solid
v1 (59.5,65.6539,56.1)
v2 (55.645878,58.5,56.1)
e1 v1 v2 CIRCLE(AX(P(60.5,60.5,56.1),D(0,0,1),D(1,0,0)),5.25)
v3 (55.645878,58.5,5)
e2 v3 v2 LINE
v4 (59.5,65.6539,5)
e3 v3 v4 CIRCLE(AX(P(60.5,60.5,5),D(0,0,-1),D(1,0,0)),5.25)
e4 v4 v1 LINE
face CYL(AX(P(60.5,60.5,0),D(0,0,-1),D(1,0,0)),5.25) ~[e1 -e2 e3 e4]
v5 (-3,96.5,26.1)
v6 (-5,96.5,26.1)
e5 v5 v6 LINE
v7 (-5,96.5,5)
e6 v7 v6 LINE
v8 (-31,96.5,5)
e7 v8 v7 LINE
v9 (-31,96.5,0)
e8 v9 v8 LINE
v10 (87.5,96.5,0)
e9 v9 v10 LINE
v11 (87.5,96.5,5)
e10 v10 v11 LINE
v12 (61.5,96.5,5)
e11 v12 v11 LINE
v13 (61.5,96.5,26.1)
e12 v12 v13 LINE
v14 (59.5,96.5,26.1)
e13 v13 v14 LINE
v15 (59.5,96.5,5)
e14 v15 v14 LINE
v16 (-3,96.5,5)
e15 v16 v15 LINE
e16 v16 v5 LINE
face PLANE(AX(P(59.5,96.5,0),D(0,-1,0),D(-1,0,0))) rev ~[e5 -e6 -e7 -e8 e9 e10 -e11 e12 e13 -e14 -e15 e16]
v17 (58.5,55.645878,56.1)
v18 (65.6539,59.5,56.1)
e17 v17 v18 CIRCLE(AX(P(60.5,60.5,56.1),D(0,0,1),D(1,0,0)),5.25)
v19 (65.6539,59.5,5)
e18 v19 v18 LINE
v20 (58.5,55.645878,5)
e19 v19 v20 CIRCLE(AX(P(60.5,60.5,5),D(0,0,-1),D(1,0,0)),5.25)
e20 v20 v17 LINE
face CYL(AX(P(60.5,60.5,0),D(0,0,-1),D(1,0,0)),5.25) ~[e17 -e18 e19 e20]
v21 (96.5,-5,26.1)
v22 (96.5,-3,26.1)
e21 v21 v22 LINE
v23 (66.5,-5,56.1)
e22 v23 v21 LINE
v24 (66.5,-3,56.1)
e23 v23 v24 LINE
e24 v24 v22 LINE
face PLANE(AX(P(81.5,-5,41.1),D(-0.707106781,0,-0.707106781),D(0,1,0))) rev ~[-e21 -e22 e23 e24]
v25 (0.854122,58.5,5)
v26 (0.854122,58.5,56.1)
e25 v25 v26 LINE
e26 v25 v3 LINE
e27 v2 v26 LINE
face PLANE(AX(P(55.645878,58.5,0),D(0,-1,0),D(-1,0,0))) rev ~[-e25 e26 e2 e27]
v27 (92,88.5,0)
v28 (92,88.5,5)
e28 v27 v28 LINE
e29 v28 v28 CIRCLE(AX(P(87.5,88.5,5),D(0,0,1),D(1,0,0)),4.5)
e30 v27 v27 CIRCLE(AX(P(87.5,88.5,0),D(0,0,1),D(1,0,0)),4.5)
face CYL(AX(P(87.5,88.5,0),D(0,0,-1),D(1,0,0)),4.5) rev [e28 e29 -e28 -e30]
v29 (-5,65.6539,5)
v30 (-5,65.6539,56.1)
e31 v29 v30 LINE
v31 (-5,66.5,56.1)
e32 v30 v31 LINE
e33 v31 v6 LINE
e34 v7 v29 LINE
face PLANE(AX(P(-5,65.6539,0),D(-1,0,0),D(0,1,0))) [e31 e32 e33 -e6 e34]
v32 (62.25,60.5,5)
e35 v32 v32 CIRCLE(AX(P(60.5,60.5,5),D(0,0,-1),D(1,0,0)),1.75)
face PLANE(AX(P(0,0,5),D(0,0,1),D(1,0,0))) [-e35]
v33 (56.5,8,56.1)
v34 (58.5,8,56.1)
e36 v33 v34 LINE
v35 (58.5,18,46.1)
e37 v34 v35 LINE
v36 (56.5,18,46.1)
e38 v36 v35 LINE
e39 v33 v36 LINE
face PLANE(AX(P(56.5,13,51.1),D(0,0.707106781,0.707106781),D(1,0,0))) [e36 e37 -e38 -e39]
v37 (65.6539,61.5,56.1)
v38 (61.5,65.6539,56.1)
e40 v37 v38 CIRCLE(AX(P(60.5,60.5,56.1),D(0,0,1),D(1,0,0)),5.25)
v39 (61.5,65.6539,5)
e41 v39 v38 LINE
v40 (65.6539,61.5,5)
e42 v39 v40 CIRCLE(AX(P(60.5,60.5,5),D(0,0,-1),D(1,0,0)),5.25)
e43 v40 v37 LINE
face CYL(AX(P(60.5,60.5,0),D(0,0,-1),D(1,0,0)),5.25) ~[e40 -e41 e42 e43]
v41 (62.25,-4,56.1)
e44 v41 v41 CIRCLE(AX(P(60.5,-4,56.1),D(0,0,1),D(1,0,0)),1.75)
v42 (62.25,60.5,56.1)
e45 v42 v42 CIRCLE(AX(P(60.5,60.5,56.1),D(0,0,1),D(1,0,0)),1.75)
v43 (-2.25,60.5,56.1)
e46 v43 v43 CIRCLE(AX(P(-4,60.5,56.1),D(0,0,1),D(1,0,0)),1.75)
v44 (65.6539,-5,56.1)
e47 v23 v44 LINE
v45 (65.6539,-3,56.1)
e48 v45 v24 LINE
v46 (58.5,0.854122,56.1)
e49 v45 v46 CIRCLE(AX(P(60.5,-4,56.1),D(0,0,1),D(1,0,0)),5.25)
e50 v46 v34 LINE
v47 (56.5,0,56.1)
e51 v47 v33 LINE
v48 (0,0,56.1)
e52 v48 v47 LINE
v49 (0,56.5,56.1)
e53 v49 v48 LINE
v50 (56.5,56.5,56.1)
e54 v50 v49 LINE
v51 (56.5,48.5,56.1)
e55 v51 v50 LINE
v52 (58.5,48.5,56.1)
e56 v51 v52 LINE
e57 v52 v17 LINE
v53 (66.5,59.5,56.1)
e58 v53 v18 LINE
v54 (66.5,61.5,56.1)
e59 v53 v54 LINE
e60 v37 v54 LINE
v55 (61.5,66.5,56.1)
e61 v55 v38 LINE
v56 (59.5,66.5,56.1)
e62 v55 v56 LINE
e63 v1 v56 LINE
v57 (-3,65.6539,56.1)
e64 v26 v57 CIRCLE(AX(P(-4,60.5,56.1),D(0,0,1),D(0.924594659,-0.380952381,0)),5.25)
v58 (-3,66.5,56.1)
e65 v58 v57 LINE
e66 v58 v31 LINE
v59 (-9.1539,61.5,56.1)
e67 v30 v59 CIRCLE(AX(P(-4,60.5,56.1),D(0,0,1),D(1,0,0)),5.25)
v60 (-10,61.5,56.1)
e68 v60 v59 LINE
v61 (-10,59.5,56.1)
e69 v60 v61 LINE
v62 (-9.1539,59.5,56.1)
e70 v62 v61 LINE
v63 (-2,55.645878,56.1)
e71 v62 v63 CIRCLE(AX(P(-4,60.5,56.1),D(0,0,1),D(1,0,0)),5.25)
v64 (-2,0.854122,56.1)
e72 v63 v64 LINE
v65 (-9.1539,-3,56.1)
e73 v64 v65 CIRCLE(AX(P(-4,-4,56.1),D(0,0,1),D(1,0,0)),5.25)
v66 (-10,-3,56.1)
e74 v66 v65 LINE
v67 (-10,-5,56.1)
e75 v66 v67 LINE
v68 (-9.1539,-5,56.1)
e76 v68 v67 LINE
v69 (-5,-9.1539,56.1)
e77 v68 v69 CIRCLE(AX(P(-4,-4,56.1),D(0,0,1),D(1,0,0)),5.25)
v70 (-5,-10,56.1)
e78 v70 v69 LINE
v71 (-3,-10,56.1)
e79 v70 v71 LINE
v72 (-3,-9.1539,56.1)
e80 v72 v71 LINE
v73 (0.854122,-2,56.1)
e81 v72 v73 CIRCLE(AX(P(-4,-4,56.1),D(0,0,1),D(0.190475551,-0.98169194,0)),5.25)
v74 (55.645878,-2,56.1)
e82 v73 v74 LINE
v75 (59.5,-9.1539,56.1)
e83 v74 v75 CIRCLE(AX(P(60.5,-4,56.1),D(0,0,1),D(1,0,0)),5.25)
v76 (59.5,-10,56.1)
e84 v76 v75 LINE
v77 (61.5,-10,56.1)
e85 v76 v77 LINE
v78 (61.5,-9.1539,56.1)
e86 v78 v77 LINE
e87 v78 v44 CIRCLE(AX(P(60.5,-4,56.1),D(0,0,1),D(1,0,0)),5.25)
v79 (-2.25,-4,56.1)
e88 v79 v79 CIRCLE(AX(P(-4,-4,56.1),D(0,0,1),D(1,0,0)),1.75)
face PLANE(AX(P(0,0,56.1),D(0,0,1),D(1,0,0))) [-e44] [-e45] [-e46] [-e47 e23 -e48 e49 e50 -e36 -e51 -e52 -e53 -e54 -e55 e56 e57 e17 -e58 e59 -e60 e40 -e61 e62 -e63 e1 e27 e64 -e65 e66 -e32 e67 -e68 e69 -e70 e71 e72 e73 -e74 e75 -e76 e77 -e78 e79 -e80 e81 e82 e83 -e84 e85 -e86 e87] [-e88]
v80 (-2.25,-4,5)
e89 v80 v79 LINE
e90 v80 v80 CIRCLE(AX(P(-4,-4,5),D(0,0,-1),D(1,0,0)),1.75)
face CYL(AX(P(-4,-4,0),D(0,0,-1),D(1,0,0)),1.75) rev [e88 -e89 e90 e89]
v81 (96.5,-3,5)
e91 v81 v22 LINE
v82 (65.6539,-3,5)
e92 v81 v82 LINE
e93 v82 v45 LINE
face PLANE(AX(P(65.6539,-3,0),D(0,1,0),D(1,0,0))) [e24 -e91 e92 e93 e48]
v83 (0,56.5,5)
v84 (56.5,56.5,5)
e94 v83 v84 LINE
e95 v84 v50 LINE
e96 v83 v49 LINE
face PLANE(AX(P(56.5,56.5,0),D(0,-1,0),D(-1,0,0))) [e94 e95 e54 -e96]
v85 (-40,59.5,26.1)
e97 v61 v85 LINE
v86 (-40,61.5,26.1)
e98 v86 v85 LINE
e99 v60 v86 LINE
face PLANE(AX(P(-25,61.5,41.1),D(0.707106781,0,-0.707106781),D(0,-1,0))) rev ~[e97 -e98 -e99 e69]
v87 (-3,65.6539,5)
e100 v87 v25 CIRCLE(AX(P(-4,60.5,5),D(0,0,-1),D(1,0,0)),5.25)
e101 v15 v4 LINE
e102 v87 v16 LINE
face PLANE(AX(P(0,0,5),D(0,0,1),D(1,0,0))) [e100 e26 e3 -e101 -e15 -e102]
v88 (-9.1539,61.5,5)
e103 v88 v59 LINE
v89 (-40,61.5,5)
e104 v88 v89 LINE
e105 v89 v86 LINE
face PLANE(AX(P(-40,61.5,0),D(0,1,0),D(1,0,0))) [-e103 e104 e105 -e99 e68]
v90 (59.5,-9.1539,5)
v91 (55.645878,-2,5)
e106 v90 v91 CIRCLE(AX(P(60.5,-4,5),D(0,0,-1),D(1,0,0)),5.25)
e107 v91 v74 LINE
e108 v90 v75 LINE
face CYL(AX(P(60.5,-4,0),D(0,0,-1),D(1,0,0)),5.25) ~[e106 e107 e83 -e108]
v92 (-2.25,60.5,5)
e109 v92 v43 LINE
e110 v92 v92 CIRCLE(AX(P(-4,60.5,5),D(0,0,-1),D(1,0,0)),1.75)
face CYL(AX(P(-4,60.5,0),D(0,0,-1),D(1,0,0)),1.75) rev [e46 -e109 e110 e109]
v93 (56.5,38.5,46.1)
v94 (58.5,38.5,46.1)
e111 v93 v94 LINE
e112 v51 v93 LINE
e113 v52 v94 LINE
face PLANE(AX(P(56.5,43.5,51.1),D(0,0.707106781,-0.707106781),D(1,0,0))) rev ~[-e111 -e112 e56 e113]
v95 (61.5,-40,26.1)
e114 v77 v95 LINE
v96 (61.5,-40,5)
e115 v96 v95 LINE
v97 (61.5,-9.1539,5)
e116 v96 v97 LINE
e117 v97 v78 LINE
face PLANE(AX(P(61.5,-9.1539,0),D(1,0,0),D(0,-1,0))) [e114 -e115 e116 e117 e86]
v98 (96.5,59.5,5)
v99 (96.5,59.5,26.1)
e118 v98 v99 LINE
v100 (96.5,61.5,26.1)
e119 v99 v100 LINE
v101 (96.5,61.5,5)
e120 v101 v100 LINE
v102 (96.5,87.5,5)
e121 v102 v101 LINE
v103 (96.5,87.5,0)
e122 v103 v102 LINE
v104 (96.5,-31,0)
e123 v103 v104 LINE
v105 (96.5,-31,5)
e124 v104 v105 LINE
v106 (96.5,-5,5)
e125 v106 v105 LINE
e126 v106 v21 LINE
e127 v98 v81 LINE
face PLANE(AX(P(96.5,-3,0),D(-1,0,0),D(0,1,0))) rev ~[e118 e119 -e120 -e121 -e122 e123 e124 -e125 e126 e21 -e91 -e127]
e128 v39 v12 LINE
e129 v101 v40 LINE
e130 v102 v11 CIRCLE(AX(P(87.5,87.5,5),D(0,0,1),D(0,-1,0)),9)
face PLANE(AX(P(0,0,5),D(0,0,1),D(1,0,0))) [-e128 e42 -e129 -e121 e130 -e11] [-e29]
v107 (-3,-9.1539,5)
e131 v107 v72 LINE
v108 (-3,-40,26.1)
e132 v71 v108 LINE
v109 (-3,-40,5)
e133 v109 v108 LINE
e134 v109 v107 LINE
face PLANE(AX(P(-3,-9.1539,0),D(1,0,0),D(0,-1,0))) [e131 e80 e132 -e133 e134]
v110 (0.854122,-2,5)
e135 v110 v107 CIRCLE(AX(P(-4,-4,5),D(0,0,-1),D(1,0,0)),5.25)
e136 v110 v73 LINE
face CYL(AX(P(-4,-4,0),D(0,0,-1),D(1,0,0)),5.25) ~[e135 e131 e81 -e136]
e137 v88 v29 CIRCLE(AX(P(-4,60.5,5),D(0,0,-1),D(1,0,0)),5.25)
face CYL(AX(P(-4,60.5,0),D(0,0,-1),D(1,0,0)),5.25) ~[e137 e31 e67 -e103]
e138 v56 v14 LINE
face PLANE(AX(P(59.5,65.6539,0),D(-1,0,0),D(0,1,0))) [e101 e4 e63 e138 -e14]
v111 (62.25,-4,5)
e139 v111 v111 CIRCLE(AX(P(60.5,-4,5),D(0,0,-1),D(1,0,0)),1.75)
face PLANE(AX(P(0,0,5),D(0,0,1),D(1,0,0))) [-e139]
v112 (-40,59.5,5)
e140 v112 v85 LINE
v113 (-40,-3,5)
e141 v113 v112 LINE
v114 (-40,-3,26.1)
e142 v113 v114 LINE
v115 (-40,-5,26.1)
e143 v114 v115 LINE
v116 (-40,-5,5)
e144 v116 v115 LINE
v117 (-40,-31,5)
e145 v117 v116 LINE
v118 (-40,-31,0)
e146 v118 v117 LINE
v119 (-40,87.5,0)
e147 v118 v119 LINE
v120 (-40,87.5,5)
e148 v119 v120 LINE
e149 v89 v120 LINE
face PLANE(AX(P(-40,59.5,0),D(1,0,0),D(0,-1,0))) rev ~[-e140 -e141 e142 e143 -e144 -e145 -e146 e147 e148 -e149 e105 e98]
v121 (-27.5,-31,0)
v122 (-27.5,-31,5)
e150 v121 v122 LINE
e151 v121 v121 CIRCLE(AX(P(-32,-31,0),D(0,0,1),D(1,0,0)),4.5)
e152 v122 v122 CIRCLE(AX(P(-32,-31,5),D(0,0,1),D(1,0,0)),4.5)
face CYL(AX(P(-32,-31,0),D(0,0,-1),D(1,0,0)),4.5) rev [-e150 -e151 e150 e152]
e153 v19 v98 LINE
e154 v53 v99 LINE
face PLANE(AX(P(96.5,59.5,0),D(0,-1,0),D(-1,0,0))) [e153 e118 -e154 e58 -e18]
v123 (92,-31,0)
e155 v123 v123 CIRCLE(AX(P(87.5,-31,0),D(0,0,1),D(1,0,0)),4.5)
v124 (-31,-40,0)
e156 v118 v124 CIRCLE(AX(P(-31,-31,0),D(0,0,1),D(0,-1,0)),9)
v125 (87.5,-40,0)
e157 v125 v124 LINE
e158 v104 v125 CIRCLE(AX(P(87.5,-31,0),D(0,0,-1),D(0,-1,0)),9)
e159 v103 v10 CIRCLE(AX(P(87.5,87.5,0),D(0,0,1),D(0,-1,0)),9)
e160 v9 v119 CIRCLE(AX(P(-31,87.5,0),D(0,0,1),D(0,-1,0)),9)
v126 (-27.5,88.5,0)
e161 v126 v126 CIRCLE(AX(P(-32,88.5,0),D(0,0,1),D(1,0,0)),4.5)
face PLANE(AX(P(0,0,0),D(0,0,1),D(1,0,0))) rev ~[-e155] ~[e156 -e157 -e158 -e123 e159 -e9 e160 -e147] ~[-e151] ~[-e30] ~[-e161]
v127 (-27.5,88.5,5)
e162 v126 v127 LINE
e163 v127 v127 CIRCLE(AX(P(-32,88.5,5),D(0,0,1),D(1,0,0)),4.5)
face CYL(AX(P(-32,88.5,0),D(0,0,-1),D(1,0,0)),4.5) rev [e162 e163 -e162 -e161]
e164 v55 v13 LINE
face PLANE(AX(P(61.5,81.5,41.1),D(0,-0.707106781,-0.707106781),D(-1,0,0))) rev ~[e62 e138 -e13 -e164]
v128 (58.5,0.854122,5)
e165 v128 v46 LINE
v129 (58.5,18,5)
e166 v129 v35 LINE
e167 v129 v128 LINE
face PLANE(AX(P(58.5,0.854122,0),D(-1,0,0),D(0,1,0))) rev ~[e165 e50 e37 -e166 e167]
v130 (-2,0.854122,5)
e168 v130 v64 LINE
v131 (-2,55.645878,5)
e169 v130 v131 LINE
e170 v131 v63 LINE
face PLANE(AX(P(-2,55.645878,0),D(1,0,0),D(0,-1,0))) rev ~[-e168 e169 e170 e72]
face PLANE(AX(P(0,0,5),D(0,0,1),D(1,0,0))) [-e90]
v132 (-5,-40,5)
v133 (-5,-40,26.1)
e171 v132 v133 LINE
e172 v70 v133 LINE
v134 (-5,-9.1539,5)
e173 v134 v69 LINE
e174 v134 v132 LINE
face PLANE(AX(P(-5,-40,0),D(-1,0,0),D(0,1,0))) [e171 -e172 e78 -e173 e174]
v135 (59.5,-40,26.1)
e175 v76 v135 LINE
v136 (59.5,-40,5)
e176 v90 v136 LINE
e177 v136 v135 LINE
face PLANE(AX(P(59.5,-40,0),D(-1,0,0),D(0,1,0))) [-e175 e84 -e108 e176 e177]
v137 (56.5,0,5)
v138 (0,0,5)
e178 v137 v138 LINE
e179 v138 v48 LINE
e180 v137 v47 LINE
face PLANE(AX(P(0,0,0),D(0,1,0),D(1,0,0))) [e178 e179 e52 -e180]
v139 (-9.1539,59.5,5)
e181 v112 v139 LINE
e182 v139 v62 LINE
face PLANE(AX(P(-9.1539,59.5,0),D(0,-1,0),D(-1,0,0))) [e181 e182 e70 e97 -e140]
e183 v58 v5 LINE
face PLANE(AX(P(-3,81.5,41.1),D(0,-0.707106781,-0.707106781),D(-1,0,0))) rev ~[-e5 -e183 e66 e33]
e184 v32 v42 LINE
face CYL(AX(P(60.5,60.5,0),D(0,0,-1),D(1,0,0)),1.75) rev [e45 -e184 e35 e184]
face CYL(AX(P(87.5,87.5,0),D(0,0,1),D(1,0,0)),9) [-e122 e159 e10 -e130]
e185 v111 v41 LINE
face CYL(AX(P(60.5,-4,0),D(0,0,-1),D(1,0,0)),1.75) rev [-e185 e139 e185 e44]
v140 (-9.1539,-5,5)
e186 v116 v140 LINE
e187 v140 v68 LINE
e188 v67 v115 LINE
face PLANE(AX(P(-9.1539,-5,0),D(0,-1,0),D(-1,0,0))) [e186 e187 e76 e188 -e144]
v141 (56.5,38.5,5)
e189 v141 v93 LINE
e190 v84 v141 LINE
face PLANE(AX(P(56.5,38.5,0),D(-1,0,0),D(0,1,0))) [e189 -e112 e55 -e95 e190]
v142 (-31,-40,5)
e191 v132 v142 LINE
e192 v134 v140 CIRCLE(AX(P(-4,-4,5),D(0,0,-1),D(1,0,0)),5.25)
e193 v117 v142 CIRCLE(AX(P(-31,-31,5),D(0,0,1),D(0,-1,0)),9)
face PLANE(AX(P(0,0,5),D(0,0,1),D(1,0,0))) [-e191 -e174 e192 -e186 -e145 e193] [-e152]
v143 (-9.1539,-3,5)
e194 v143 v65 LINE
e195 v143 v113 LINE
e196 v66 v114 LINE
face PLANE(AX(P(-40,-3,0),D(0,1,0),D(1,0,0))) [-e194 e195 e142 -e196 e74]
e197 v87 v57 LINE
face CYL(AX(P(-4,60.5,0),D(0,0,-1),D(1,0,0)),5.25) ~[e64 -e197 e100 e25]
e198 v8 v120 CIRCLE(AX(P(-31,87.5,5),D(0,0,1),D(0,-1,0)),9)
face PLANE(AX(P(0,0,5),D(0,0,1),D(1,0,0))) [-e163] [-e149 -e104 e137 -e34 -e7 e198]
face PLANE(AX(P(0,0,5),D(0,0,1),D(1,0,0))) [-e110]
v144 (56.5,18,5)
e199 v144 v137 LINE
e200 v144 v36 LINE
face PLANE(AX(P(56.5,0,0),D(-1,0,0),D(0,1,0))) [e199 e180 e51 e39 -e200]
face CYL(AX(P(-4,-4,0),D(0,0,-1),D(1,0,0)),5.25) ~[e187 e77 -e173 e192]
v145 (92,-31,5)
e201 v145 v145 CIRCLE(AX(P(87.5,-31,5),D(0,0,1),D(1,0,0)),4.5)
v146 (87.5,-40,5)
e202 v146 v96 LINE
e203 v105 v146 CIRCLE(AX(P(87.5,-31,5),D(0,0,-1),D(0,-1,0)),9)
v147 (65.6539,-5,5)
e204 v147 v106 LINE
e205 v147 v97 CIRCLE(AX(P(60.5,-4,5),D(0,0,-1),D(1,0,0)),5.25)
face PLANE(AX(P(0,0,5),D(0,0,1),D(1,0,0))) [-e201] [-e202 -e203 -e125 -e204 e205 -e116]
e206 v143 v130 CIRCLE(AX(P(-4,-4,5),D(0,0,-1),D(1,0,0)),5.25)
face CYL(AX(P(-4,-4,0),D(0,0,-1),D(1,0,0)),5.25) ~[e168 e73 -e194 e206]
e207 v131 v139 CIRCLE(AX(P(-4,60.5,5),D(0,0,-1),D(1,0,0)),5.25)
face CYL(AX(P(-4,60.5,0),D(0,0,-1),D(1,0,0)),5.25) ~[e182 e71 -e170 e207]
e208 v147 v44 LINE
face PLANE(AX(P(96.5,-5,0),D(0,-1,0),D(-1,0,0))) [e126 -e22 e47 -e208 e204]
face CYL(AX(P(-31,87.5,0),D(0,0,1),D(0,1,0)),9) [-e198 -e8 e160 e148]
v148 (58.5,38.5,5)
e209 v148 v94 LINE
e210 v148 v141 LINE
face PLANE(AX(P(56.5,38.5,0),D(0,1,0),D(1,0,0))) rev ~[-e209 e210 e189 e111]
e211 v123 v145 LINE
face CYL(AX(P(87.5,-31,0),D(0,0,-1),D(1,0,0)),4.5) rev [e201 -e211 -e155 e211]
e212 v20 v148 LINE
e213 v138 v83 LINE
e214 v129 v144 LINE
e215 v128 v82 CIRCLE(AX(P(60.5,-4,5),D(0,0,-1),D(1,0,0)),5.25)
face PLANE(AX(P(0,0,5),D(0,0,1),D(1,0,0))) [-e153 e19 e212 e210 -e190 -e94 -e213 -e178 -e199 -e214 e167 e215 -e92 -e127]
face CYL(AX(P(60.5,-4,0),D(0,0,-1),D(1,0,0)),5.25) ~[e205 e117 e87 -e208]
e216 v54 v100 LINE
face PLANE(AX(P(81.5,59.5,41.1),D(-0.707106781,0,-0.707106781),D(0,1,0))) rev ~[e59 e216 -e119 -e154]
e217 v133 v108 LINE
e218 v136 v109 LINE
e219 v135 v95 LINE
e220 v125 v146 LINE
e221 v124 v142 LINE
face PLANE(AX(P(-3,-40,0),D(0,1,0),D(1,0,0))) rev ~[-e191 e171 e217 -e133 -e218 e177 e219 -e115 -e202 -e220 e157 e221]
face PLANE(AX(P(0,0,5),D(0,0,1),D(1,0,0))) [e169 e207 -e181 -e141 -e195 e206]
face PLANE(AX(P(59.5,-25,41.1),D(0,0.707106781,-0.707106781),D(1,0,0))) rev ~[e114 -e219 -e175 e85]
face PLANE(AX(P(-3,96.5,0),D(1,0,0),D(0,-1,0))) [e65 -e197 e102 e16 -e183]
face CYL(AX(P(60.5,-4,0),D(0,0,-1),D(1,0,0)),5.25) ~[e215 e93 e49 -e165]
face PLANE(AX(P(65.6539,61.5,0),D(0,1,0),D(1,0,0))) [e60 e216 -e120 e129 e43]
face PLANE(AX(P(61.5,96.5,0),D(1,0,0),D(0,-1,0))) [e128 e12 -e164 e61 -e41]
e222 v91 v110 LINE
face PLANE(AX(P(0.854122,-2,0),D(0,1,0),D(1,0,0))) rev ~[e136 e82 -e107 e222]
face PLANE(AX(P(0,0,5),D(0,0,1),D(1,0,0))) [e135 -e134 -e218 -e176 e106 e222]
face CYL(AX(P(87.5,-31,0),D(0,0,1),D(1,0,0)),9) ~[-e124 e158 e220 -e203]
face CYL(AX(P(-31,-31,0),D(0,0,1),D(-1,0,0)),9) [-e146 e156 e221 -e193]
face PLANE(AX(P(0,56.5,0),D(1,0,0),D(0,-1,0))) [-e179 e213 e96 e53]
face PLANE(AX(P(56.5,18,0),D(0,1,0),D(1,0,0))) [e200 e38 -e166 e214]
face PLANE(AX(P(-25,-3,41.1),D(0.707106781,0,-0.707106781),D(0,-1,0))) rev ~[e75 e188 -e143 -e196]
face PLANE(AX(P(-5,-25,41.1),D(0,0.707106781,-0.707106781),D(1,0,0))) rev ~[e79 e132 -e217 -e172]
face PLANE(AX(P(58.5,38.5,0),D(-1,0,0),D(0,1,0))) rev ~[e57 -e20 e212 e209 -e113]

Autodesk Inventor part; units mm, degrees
ref_plane "YZ Plane" through (0, 0, 0) normal (1, 0, 0) x (0, 1, 0)
ref_plane "XZ Plane" through (0, 0, 0) normal (0, 1, 0) x (-1, 0, 0)
ref_plane "XY Plane" through (0, 0, 0) normal (0, 0, 1) x (1, 0, 0)
sketch "BasePlate" plane through (0, 0, 0) normal (0, 0, 1) x (1, 0, 0)
  line L0 (56.5, 56.5) -> (0, 56.5)
  line L1 (0, 56.5) -> (0, 0)
  line L2 (0, 0) -> (56.5, 0)
  line L3 (56.5, 0) -> (56.5, 56.5)
  line L4 (96.5, 96.5) -> (-40, 96.5)
  line L5 (-40, 96.5) -> (-40, -40)
  line L6 (-40, -40) -> (96.5, -40)
  line L7 (96.5, -40) -> (96.5, 96.5)
  circle A0 centre (-4, 60.5) radius 1.75
  circle A1 centre (-4, 60.5) radius 5.25
  circle A2 centre (60.5, 60.5) radius 5.25
  circle A3 centre (60.5, 60.5) radius 1.75
  circle A4 centre (-4, -4) radius 5.25
  circle A5 centre (-4, -4) radius 1.75
  circle A6 centre (60.5, -4) radius 5.25
  circle A7 centre (60.5, -4) radius 1.75
  line L8 (58.5, 58.5) -> (-2, 58.5)
  line L9 (-2, 58.5) -> (-2, -2)
  line L10 (-2, -2) -> (58.5, -2)
  line L11 (58.5, -2) -> (58.5, 58.5)
  line L12 (56.5, 38.5) -> (58.5, 38.5)
  line L13 (56.5, 18) -> (58.5, 18)
  circle A8 centre (-32, 88.5) radius 4.5
  circle A9 centre (87.5, 88.5) radius 4.5
  circle A10 centre (-32, -31) radius 4.5
  circle A11 centre (87.5, -31) radius 4.5
  line L14 (-40, 61.5) -> (-9.1539, 61.5)
  line L15 (-9.1539, 61.5) -> (-9.1539, 59.5)
  line L16 (-9.1539, 59.5) -> (-40, 59.5)
  line L17 (-40, 59.5) -> (-40, 61.5)
  line L18 (-3, 96.5) -> (-3, 65.6539)
  line L19 (-5, 65.6539) -> (-5, 96.5)
  line L20 (-5, 96.5) -> (-3, 96.5)
  line L21 (-3, 65.6539) -> (-5, 65.6539)
  line L22 (0, 56.5) -> (56.5, 0)
  line L23 (56.5, 56.5) -> (0, 0)
  line L24 (-9.1539, -3) -> (-9.1539, -5)
  line L25 (-40, -5) -> (-40, -3)
  line L26 (-9.1539, -5) -> (-40, -5)
  line L27 (-40, -3) -> (-9.1539, -3)
  line L28 (-3, -9.1539) -> (-3, -40)
  line L29 (-5, -40) -> (-5, -9.1539)
  line L30 (-3, -40) -> (-5, -40)
  line L31 (-5, -9.1539) -> (-3, -9.1539)
  line L32 (59.5, -9.1539) -> (61.5, -9.1539)
  line L33 (61.5, -40) -> (59.5, -40)
  line L34 (61.5, -9.1539) -> (61.5, -40)
  line L35 (59.5, -40) -> (59.5, -9.1539)
  line L36 (65.6539, -3) -> (96.5, -3)
  line L37 (96.5, -5) -> (65.6539, -5)
  line L38 (96.5, -3) -> (96.5, -5)
  line L39 (65.6539, -5) -> (65.6539, -3)
  line L40 (65.6539, 59.5) -> (65.6539, 61.5)
  line L41 (96.5, 61.5) -> (96.5, 59.5)
  line L42 (65.6539, 61.5) -> (96.5, 61.5)
  line L43 (96.5, 59.5) -> (65.6539, 59.5)
  line L44 (59.5, 65.6539) -> (59.5, 96.5)
  line L45 (61.5, 96.5) -> (61.5, 65.6539)
  line L46 (59.5, 96.5) -> (61.5, 96.5)
  line L47 (61.5, 65.6539) -> (59.5, 65.6539)
  point P0 (28.25, 28.25)
  dimension "d0" = 56.5
  dimension "d102" = 40
  dimension "d104" = 3.5
  dimension "d105" = 3.5
  dimension "d106" = 4
  dimension "d107" = 4
  dimension "d110" = 64.5
  dimension "d113" = 64.5
  dimension "d116" = 2
  dimension "d117" = 20
  dimension "d118" = 20
  dimension "d119" = 9
  dimension "d120" = 8
  dimension "d121" = 8
  dimension "d124" = 119.5
  dimension "d127" = 119.5
  dimension "d130" = 2
  dimension "d133" = 90
  dimension "d137" = 360
extrude "Extrusion8" add sketch "BasePlate" along normal blind 5 contours L23 L22 L0 | L0 L1 L2 L3 L13 L11 A6 L10 A4 L9 A1 L8 A2 L12 | L3 L22 L23 | L22 L23 L1 | L12 L11 L13 L3 | L22 L2 L23 | L11 A2 L43 L7 L36 A6 | L11 L8 A2 L47 L40 | A2 L8 L11 | L11 L10 A6 | A6 L39 L32 L10 L11 | L8 A1 L18 L4 L44 A2 | L40 A2 | A2 L42 L7 L43 | L36 L7 L37 A6 | A6 L39 | A6 L35 L6 L28 A4 L10 | L44 L4 L45 A2 | A2 L47 | L8 L9 A1 L15 L21 | A1 L9 L8 | A2 L45 L4 L7 L42 | L37 L7 L6 L34 A6 | L32 A6 | A6 L34 L6 L35 | L10 L9 A4 | A4 L31 L24 L9 L10 | L9 A4 L27 L5 L16 A1 | L18 A1 L19 L4 | L16 L5 L14 A1 | A1 L15 | L21 A1 | L6 L29 A4 L28 | A4 L31 | L24 A4 | A4 L26 L5 L27 | L19 A1 L14 L5 L4 | L6 L5 L26 A4 L29 | A0 | A3 | A5 | A7
extrude "Extrusion9" add sketch "BasePlate" along normal blind 56.1 contours L0 L1 L2 L3 L13 L11 A6 L10 A4 L9 A1 L8 A2 L12 | L11 L8 A2 L47 L40 | A2 L8 L11 | L11 L10 A6 | A6 L39 L32 L10 L11 | L40 A2 | A2 L42 L7 L43 | L36 L7 L37 A6 | A6 L39 | L44 L4 L45 A2 | A2 L47 | L8 L9 A1 L15 L21 | A1 L9 L8 | L32 A6 | A6 L34 L6 L35 | L10 L9 A4 | A4 L31 L24 L9 L10 | L18 A1 L19 L4 | L16 L5 L14 A1 | A1 L15 | L21 A1 | L6 L29 A4 L28 | A4 L31 | L24 A4 | A4 L26 L5 L27
chamfer "Chamfer3" distance 10 angle 45 2 edges at (57.5, 18, 56.1) (57.5, 38.5, 56.1)
chamfer "Chamfer4" distance 30 angle 45 8 edges at (96.5, -4, 56.1) (60.5, -40, 56.1) (-4, -40, 56.1) (-40, -4, 56.1) (-40, 60.5, 56.1) (-4, 96.5, 56.1) (60.5, 96.5, 56.1) (96.5, 60.5, 56.1)
fillet "Fillet3" radius 9 4 edges at (96.5, -40, 2.5) (96.5, 96.5, 2.5) (-40, 96.5, 2.5) (-40, -40, 2.5)
properties part number "TurntableStand"
